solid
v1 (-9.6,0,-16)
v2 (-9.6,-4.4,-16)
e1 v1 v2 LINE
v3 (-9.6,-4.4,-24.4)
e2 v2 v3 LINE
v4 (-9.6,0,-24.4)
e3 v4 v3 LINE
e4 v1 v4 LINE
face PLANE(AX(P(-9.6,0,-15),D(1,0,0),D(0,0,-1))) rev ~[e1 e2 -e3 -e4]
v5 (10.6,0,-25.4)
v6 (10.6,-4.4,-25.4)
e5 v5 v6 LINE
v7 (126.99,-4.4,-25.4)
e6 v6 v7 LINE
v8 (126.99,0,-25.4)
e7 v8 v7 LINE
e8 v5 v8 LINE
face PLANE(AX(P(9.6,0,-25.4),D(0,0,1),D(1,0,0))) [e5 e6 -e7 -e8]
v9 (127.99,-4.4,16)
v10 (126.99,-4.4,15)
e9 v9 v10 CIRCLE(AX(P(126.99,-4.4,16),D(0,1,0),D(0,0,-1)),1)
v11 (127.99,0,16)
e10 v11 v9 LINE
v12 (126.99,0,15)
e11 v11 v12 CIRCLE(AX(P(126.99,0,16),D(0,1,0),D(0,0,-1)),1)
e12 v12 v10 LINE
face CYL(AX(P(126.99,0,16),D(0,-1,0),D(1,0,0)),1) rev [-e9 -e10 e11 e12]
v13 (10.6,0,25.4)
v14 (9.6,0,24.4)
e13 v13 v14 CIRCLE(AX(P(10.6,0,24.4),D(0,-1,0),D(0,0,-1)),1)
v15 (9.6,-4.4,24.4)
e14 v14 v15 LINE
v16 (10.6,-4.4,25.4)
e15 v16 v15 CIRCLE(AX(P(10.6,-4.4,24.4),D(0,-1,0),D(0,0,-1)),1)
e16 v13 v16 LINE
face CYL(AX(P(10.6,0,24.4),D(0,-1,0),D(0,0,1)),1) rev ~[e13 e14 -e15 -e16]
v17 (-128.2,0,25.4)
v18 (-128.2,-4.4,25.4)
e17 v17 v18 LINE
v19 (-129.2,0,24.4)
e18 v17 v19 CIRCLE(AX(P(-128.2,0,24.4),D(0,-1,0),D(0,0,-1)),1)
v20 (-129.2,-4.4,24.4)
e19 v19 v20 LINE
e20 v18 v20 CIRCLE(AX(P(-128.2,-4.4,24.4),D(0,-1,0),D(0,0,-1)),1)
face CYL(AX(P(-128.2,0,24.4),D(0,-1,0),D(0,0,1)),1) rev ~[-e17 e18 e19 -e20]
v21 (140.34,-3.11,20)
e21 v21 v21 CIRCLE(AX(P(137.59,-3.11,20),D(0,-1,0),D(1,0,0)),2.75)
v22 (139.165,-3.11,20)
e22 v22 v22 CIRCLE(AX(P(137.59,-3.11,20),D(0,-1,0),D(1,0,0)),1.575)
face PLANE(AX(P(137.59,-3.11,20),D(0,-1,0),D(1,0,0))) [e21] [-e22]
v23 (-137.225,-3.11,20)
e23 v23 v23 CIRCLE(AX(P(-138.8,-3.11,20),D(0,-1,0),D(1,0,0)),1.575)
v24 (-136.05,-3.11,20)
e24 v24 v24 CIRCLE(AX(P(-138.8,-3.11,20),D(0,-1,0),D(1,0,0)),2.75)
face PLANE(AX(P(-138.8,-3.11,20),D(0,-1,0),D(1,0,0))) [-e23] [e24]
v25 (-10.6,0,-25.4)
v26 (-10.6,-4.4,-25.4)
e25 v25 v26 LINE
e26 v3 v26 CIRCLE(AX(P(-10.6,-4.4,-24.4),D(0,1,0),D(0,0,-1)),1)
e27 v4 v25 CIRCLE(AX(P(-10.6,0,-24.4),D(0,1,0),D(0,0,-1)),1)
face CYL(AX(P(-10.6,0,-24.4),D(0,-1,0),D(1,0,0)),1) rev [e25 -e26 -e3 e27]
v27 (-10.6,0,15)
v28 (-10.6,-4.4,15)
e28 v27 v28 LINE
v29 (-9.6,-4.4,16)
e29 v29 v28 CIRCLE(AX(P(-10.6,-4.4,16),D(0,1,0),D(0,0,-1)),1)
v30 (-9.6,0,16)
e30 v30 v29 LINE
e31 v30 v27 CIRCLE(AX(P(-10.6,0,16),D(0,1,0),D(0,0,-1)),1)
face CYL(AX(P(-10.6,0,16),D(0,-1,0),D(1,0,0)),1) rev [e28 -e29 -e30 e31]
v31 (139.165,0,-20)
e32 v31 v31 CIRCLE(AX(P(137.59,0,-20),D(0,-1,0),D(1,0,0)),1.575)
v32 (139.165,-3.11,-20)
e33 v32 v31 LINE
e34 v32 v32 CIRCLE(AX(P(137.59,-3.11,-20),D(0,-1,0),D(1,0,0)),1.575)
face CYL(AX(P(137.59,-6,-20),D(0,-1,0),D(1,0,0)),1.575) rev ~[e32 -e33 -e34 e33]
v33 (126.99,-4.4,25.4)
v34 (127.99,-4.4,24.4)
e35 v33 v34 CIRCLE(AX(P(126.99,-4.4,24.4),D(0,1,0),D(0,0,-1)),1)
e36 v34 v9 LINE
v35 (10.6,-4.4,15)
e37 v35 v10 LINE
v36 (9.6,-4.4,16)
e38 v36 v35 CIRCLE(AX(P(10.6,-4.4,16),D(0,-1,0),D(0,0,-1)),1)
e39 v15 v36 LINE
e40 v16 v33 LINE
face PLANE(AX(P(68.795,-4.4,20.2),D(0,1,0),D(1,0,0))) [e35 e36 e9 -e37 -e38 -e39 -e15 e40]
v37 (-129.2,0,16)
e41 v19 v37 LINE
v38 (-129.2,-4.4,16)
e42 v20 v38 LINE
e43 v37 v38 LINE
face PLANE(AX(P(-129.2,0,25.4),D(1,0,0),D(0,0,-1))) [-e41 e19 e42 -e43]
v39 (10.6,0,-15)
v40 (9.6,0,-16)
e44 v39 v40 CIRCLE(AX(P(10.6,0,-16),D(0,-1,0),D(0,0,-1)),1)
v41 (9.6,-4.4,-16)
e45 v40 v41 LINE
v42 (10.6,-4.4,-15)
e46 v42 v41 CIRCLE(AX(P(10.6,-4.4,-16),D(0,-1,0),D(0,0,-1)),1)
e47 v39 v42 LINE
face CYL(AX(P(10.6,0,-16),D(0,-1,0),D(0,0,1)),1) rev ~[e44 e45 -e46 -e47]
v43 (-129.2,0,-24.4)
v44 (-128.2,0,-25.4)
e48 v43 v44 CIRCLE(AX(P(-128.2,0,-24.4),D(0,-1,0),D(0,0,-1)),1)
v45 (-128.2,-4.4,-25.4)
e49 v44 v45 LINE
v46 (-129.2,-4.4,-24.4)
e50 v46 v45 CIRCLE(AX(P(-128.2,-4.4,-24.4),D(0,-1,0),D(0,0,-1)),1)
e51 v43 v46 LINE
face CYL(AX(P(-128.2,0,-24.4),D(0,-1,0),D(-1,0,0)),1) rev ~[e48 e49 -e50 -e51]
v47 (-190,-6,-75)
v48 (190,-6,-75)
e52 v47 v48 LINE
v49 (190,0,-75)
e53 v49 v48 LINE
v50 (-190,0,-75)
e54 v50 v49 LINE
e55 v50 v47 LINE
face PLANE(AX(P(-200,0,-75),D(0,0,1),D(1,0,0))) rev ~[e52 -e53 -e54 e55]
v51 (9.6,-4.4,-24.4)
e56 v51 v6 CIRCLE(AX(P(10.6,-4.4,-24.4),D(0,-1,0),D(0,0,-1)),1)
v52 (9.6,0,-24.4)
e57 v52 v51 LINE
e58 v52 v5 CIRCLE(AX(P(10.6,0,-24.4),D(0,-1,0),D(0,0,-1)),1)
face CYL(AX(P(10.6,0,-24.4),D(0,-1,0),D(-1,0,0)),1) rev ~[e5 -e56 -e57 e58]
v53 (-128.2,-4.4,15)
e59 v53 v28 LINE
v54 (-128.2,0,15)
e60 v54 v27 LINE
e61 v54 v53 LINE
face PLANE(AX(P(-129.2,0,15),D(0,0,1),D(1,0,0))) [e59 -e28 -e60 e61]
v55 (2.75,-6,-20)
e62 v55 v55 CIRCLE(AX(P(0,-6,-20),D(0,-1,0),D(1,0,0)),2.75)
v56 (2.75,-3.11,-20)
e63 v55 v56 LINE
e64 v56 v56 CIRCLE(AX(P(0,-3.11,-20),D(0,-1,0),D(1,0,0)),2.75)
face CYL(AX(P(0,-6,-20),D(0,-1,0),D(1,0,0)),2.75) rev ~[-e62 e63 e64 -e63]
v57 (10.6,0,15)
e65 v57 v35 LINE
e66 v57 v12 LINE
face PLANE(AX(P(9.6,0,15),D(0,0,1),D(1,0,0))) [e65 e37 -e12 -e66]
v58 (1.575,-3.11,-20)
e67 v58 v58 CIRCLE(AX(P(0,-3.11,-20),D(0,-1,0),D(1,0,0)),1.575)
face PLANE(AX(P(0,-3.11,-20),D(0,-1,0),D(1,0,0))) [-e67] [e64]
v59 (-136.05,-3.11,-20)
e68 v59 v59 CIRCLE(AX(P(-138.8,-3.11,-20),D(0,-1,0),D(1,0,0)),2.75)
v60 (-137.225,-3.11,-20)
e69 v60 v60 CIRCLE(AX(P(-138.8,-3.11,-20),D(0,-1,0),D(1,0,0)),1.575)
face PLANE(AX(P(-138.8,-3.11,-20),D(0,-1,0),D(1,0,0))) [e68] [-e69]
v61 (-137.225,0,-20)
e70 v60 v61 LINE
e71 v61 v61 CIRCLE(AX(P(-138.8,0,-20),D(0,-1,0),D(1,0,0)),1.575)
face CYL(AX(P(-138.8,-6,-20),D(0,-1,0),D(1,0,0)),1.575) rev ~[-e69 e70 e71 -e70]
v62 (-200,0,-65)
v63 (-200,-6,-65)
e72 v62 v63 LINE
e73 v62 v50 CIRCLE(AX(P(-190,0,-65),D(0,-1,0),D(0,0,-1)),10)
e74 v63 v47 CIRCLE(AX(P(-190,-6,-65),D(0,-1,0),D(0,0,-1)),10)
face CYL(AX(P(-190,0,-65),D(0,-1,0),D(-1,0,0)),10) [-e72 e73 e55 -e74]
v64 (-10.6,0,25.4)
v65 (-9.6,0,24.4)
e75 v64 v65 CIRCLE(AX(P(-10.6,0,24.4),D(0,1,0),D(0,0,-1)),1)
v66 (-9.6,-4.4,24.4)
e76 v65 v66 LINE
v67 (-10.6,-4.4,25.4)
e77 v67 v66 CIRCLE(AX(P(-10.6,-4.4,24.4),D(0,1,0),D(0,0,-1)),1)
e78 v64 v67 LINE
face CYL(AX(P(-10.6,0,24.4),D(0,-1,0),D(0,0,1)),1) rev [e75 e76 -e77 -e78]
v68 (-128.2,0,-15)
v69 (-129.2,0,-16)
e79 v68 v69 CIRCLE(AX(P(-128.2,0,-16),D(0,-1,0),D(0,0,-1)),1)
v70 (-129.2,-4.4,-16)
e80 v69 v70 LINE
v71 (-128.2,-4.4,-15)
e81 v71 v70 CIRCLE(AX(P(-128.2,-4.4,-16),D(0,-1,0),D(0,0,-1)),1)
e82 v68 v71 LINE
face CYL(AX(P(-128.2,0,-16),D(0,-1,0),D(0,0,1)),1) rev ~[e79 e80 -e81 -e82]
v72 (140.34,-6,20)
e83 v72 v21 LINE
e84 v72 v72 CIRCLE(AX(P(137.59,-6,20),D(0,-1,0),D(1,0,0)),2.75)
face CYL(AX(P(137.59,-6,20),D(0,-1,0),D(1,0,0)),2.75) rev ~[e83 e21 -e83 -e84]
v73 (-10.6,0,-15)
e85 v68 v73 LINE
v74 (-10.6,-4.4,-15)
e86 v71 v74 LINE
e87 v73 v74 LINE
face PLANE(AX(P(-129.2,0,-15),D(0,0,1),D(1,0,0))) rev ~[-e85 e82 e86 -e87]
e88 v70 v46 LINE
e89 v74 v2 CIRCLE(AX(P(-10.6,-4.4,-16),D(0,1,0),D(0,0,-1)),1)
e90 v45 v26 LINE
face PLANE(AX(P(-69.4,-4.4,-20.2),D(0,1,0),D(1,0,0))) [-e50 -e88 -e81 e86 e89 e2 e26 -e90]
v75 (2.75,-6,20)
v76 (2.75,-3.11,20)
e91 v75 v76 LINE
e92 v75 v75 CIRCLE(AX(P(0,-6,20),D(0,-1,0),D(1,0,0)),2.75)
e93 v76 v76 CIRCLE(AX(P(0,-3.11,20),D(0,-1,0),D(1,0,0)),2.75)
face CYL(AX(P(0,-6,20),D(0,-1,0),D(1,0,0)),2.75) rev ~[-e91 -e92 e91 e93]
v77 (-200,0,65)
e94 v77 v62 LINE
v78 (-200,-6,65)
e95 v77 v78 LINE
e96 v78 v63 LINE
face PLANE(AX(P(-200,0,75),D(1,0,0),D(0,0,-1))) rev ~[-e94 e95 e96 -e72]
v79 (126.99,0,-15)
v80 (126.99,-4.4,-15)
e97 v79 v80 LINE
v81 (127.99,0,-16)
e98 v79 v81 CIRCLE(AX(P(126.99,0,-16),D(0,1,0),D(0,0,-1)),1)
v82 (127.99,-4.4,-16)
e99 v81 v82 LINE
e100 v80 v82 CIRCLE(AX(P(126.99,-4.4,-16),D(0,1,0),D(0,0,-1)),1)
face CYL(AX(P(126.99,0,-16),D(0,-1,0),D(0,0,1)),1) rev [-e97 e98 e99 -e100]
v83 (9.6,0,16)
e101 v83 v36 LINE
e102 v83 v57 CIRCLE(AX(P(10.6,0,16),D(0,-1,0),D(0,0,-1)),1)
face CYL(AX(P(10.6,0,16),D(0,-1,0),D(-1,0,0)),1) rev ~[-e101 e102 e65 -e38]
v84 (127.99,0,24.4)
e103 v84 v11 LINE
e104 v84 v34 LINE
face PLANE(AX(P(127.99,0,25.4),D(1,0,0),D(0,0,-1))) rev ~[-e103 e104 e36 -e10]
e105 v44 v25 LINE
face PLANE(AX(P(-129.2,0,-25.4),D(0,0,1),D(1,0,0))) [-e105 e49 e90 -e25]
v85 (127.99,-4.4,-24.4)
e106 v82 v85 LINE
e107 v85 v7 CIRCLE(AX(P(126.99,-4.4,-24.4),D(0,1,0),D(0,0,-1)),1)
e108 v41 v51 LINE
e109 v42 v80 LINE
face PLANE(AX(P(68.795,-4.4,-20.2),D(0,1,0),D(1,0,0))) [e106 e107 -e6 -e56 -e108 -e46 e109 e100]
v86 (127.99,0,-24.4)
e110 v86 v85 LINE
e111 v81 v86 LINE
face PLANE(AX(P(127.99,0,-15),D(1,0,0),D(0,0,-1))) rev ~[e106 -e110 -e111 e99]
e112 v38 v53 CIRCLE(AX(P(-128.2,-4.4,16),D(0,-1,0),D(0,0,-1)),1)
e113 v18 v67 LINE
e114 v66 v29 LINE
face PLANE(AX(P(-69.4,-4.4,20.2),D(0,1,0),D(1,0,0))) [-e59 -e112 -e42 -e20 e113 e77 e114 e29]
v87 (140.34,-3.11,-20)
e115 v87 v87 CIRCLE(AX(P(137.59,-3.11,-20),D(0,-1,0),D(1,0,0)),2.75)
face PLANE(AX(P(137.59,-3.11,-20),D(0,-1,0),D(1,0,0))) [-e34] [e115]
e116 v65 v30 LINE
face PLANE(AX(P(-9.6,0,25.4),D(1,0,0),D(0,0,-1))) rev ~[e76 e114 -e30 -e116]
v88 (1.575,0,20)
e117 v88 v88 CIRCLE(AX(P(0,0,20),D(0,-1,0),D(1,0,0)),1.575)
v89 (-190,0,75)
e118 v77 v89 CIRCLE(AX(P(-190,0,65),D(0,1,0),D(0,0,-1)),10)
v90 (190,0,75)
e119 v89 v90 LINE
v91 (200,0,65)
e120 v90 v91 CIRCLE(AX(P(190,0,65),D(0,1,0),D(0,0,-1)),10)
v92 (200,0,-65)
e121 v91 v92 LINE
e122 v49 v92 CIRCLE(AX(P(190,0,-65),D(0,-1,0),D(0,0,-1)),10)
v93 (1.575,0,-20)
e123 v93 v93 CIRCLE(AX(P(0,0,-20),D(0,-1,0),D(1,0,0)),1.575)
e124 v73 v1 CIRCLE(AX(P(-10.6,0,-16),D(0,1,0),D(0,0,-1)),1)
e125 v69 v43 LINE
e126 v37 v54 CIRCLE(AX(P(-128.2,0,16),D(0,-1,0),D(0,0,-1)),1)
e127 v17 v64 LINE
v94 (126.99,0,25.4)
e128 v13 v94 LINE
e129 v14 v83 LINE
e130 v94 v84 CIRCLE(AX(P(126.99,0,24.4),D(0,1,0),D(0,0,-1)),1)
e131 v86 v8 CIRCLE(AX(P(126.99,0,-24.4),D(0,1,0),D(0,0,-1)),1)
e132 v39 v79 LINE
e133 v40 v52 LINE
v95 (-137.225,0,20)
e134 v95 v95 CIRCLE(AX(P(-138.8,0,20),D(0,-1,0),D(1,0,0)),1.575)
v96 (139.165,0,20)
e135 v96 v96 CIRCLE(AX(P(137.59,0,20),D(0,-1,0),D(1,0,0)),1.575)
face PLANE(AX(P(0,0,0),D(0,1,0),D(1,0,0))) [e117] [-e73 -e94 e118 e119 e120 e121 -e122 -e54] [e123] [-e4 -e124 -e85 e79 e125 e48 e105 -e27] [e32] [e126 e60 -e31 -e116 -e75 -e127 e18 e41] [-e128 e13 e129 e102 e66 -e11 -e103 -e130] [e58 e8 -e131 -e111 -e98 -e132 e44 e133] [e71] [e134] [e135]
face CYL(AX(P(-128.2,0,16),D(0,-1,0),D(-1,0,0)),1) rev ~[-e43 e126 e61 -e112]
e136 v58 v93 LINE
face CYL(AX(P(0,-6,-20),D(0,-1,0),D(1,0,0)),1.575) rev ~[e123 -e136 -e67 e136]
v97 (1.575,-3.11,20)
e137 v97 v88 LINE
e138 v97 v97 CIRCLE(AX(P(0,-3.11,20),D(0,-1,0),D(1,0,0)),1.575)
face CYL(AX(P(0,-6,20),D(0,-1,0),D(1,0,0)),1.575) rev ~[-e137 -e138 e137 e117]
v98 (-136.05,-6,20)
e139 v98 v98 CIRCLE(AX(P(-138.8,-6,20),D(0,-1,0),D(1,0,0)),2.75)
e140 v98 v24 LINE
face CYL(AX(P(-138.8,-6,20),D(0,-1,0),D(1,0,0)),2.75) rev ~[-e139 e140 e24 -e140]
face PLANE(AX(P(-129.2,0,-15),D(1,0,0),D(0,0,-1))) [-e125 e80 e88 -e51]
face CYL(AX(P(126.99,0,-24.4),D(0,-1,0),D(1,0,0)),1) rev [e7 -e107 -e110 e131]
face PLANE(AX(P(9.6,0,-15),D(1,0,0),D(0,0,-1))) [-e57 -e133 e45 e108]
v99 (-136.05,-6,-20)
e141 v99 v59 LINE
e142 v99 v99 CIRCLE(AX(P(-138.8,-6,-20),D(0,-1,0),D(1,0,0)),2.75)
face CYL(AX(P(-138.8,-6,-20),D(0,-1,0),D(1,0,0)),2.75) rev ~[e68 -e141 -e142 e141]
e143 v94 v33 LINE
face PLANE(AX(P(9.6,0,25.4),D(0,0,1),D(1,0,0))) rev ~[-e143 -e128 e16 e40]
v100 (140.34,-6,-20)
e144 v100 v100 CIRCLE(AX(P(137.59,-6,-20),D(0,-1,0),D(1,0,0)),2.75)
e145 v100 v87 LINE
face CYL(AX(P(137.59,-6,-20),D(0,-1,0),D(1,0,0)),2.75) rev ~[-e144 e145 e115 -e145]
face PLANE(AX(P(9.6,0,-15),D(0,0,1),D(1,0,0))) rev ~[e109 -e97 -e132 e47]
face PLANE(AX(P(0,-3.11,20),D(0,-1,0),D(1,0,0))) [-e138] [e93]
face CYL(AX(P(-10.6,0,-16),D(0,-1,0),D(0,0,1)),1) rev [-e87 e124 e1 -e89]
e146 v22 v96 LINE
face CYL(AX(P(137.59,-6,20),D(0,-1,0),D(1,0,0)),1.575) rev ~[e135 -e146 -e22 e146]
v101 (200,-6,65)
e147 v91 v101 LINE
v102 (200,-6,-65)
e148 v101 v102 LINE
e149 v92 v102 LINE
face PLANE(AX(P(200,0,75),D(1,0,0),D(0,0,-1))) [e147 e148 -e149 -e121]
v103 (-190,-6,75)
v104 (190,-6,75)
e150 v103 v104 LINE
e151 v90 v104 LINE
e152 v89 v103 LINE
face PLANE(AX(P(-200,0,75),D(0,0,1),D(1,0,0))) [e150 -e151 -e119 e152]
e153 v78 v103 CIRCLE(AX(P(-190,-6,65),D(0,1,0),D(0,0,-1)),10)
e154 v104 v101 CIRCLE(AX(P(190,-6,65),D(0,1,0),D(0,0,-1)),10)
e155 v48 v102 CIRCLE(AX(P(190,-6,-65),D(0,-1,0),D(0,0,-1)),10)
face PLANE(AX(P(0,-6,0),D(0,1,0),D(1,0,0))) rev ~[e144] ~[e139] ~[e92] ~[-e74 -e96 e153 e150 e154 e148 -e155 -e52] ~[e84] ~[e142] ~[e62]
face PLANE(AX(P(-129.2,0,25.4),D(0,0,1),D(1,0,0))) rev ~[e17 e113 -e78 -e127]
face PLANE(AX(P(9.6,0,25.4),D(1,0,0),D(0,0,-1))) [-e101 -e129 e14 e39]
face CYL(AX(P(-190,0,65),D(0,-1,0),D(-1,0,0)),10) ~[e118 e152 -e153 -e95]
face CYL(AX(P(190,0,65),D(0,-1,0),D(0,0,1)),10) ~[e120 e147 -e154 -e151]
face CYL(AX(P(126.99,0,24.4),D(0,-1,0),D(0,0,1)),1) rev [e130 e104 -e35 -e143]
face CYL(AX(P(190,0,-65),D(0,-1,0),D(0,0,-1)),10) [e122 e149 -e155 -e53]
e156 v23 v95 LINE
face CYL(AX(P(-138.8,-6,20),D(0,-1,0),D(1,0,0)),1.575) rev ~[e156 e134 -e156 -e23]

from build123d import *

# Parameters (mm, degrees)
IZIM1_W                     = 400
IZIM1_H                     = 150
Y_KSEKLIK_EKSTR_ZYON1_DEPTH = 6
IZIM2_W                     = 119.6
IZIM2_H                     = 10.4
IZIM2_W_2                   = 118.39
KES_EKSTR_ZYON1_DEPTH       = 4.4
RADYUS1_R                   = 10
IZIM3_R                     = 1.575
KES_EKSTR_ZYON2_DEPTH       = 7
IZIM4_R                     = 2.75
KES_EKSTR_ZYON3_DEPTH       = 2.89
RADYUS2_R                   = 1


with BuildPart() as part:
    # Çizim1 → Yükseklik-Ekstrüzyon1 (new body)
    with BuildSketch(Plane(origin=(0, 0, 0), x_dir=(1, 0, 0), z_dir=(0, 1, 0))):
        Rectangle(IZIM1_W, IZIM1_H)
    extrude(amount=-Y_KSEKLIK_EKSTR_ZYON1_DEPTH)

    # Çizim2 → Kes-Ekstrüzyon1 (cut)
    with BuildSketch(Plane(origin=(0, 0, 0), x_dir=(1, 0, 0), z_dir=(0, 1, 0))):
        with Locations((-69.4, 20.2)):
            Rectangle(IZIM2_W, IZIM2_H)
        with Locations((-69.4, -20.2)):
            Rectangle(IZIM2_W, IZIM2_H)
        with Locations((68.795, 20.2)):
            Rectangle(IZIM2_W_2, IZIM2_H)
        with Locations((68.795, -20.2)):
            Rectangle(IZIM2_W_2, IZIM2_H)
    extrude(amount=-KES_EKSTR_ZYON1_DEPTH, mode=Mode.SUBTRACT)

    # Radyus1
    radyus1_edges = [part.edges().sort_by_distance(p)[0] for p in [
        (200, -3, 75),
        (-200, -3, 75),
        (-200, -3, -75),
        (200, -3, -75),
    ]]
    fillet(radyus1_edges, radius=RADYUS1_R)

    # Çizim3 → Kes-Ekstrüzyon2 (cut, through all)
    with BuildSketch(Plane.XZ.offset(6)):
        with Locations((-138.8, 20)):
            Circle(IZIM3_R)
        with Locations((0, 20)):
            Circle(IZIM3_R)
        with Locations((137.59, 20)):
            Circle(IZIM3_R)
        with Locations((137.59, -20)):
            Circle(IZIM3_R)
        with Locations((0, -20)):
            Circle(IZIM3_R)
        with Locations((-138.8, -20)):
            Circle(IZIM3_R)
    extrude(amount=-KES_EKSTR_ZYON2_DEPTH, mode=Mode.SUBTRACT)

    # Çizim4 → Kes-Ekstrüzyon3 (cut)
    with BuildSketch(Plane.XZ.offset(6)):
        with Locations((-138.8, 20)):
            Circle(IZIM4_R)
        with Locations((0, 20)):
            Circle(IZIM4_R)
        with Locations((137.59, 20)):
            Circle(IZIM4_R)
        with Locations((137.59, -20)):
            Circle(IZIM4_R)
        with Locations((0, -20)):
            Circle(IZIM4_R)
        with Locations((-138.8, -20)):
            Circle(IZIM4_R)
    extrude(amount=-KES_EKSTR_ZYON3_DEPTH, mode=Mode.SUBTRACT)

    # Radyus2
    radyus2_edges = [part.edges().sort_by_distance(p)[0] for p in [
        (127.99, -2.2, -15),
        (9.6, -2.2, -15),
        (9.6, -2.2, -25.4),
        (127.99, -2.2, -25.4),
        (-9.6, -2.2, -25.4),
        (-9.6, -2.2, -15),
        (-129.2, -2.2, -15),
        (-129.2, -2.2, -25.4),
        (127.99, -2.2, 15),
        (127.99, -2.2, 25.4),
        (9.6, -2.2, 25.4),
        (9.6, -2.2, 15),
        (-9.6, -2.2, 15),
        (-9.6, -2.2, 25.4),
        (-129.2, -2.2, 25.4),
        (-129.2, -2.2, 15),
    ]]
    fillet(radyus2_edges, radius=RADYUS2_R)


solid = part.part
